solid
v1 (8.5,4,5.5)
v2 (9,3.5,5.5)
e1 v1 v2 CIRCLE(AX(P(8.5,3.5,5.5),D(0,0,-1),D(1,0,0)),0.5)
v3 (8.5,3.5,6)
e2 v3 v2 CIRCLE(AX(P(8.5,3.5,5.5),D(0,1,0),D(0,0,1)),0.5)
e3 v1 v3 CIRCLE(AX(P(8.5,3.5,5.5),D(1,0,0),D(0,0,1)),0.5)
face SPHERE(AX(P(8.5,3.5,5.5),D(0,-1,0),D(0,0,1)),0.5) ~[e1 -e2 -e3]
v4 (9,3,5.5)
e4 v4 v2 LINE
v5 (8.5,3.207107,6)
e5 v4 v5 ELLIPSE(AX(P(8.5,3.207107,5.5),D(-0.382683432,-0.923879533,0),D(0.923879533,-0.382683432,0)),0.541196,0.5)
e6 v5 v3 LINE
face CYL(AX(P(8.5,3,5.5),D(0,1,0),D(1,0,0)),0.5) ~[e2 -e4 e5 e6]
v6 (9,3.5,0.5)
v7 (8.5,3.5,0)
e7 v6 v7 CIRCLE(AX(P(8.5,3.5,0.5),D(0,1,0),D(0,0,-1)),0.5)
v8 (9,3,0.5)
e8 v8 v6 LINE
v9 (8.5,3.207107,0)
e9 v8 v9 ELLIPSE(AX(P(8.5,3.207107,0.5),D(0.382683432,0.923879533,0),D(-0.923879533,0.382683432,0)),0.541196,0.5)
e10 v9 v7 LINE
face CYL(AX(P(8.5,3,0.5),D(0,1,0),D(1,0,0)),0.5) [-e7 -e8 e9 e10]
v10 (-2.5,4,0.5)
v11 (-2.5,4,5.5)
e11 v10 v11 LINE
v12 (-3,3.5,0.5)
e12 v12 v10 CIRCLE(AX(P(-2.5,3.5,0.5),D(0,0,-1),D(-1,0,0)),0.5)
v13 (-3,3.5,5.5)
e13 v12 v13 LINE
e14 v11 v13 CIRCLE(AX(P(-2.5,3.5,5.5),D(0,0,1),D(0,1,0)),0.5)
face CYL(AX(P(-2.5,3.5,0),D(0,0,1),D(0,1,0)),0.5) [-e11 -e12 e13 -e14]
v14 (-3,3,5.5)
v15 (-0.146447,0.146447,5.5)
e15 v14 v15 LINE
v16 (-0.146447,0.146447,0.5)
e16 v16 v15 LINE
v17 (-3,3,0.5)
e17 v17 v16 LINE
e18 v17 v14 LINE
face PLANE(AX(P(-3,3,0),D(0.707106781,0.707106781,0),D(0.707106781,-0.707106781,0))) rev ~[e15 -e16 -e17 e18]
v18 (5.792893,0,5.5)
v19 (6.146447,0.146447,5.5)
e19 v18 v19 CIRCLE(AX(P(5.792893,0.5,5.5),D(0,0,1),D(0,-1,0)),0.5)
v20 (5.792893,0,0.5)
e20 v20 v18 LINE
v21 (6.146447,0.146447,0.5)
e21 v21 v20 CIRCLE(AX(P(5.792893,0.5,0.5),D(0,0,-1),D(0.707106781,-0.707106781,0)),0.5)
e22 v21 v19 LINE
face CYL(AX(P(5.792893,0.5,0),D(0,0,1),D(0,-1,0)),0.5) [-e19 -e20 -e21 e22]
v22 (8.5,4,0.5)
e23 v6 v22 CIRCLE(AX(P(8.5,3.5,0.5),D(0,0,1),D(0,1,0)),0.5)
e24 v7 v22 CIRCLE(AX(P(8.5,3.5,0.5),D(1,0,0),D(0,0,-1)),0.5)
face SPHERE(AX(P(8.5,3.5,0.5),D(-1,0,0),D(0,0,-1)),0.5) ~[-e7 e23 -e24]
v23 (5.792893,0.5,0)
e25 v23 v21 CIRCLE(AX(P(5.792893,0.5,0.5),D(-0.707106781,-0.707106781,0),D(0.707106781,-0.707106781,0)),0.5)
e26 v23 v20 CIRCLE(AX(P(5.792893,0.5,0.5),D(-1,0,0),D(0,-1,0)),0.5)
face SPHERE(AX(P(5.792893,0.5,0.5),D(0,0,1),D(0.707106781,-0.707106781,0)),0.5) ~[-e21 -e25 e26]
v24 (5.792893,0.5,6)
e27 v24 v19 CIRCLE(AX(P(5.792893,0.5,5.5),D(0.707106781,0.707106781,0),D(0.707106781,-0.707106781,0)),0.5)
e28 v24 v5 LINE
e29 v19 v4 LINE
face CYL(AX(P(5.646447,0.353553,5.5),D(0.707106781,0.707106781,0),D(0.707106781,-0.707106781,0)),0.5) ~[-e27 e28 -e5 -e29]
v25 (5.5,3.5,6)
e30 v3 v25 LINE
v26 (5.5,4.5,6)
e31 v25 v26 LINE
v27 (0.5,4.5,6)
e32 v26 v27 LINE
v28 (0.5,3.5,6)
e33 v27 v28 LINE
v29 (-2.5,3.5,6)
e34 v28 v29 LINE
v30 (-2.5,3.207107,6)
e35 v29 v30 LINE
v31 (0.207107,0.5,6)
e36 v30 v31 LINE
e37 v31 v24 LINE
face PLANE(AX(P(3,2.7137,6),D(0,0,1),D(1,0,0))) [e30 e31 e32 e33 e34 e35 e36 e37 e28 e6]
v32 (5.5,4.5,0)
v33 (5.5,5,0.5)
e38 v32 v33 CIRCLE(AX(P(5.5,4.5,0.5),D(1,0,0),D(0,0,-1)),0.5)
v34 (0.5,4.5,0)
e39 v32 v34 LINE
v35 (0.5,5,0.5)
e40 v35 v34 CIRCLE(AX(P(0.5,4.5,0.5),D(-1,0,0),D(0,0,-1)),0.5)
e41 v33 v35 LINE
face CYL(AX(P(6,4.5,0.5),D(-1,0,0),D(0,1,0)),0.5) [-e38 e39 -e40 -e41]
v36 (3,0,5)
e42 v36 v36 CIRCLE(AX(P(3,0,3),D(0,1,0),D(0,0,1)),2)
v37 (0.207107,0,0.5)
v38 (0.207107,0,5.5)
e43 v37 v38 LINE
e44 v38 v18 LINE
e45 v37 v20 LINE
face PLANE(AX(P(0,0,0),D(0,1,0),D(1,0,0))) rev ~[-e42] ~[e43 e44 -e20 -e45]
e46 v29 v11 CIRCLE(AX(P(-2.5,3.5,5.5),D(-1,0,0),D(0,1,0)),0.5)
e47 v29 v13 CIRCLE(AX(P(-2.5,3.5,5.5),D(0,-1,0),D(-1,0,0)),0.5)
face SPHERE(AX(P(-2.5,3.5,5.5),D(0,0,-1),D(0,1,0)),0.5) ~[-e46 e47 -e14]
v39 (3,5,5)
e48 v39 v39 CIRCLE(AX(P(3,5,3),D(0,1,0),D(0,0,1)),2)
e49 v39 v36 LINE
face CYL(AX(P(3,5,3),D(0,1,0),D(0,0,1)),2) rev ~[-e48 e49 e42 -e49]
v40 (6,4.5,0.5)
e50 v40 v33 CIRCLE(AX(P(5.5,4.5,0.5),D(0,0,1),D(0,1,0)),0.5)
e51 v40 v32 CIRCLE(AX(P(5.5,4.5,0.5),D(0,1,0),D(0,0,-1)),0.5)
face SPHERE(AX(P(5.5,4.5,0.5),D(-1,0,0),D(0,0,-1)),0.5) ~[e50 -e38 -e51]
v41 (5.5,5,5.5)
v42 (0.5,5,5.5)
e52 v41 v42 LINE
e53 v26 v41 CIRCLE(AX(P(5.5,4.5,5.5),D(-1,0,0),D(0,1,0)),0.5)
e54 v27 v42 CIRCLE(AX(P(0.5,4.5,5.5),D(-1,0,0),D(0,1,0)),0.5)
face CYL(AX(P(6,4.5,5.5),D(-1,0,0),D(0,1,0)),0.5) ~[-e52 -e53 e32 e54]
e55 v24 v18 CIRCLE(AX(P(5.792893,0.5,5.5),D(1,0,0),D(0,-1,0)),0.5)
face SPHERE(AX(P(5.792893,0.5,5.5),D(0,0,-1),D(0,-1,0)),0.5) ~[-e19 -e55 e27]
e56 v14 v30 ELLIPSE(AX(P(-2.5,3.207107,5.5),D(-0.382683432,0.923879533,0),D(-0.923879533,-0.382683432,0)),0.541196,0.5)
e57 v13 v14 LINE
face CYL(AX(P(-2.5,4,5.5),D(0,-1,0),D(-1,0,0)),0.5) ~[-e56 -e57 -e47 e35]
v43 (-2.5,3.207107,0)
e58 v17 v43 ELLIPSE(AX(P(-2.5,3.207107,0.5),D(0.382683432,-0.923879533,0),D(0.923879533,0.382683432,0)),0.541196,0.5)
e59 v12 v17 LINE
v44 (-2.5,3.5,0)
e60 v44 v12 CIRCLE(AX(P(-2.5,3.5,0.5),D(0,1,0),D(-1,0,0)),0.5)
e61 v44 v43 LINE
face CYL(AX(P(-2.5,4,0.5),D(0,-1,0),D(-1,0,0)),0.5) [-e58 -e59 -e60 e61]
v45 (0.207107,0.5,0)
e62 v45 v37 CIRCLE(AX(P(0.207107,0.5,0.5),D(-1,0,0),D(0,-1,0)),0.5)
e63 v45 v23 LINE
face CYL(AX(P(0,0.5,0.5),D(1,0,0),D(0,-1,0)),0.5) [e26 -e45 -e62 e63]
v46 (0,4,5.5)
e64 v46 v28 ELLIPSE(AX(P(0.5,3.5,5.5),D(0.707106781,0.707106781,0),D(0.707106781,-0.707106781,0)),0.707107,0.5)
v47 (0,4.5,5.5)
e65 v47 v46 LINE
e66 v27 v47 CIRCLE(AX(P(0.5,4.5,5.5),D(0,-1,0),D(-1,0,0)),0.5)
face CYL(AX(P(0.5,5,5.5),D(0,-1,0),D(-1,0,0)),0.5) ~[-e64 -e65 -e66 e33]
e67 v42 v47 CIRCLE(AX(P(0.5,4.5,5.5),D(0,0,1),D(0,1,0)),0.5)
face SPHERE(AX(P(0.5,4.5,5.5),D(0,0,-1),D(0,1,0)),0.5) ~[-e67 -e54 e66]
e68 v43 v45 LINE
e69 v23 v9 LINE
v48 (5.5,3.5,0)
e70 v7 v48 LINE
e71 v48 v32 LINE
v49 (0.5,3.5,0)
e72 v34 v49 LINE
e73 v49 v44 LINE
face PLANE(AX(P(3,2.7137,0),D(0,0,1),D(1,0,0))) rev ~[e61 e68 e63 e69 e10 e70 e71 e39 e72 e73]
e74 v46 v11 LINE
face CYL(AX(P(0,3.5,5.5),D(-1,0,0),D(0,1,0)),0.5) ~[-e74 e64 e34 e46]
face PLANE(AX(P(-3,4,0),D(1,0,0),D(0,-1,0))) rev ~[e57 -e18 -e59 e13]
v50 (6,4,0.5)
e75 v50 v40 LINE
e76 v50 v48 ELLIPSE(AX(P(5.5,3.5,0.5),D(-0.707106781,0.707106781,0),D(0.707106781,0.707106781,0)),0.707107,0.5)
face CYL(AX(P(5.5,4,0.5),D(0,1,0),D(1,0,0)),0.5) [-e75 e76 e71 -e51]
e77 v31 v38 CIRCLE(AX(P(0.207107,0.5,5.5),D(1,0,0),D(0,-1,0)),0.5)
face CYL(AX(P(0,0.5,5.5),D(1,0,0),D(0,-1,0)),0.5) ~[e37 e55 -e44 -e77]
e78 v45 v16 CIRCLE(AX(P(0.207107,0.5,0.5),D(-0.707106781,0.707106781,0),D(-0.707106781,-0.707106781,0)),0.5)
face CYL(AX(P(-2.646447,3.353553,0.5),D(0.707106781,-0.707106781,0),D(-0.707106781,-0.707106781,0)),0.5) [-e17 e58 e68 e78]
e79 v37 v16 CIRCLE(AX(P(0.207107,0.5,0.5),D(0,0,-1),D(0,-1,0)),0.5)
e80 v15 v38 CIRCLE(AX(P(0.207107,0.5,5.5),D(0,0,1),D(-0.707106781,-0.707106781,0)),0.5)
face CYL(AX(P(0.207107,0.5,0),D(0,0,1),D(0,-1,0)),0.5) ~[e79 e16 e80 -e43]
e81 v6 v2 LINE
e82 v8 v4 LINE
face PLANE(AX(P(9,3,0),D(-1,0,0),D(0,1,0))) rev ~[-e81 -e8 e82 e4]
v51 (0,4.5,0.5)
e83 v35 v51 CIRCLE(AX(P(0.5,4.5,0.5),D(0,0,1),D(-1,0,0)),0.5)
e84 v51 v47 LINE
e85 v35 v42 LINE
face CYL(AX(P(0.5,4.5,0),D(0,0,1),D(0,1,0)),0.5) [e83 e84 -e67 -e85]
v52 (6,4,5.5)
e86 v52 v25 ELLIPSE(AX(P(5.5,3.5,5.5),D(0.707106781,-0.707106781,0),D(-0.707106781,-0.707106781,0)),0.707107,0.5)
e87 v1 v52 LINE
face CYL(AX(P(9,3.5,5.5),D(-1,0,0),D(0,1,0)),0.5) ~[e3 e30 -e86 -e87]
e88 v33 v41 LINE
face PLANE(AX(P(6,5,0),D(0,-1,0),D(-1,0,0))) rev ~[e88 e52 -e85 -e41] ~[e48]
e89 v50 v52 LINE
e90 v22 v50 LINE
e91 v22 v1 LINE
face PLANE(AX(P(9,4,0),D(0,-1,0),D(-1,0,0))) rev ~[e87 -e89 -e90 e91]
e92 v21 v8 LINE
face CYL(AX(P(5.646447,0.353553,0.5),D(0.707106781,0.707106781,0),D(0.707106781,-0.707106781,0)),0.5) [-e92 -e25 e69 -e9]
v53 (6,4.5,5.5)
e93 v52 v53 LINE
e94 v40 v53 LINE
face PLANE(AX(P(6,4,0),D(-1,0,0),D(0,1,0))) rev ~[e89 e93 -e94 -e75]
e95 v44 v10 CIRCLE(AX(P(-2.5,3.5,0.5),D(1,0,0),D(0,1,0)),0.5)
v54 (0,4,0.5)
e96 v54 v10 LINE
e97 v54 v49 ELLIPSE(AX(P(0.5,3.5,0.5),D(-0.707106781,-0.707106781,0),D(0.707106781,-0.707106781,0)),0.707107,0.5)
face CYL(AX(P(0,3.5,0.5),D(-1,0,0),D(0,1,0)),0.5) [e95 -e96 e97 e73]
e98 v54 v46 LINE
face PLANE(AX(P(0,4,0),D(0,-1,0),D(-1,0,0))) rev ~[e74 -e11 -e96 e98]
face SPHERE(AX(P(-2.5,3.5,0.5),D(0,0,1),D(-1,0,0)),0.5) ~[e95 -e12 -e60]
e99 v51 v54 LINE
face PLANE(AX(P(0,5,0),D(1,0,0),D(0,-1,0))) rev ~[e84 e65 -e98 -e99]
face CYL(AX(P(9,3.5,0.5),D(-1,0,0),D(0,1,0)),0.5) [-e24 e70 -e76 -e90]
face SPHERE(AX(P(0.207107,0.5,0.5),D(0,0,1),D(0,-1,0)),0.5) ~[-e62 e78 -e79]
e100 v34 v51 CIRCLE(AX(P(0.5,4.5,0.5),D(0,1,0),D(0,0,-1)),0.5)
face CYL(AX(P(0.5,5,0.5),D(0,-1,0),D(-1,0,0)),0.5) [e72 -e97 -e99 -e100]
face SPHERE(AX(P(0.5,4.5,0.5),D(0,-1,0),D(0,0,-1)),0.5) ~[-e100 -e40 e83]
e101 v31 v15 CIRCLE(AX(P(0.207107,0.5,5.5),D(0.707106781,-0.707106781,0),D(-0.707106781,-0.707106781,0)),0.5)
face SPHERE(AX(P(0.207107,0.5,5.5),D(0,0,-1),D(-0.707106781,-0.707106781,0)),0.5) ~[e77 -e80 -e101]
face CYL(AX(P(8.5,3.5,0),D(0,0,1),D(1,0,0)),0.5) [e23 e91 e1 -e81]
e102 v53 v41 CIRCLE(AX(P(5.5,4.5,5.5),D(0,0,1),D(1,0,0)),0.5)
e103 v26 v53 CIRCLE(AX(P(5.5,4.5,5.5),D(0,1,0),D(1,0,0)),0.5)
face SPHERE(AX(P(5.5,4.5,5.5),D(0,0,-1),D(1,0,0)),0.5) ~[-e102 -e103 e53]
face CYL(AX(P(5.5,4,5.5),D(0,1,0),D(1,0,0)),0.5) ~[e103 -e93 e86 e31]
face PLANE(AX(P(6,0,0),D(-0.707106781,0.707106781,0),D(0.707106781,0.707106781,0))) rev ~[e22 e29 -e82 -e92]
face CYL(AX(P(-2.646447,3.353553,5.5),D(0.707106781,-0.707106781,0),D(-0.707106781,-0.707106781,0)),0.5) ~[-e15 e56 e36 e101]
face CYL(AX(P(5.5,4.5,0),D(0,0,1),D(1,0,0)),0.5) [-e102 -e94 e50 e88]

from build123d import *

# Parameters (mm, degrees)
BOSS_EXTRUDE1_DEPTH = 6
FILLET1_R           = 0.5
SKETCH2_R           = 2
CUT_EXTRUDE1_DEPTH  = 12.916375288


with BuildPart() as part:
    # Sketch1 → Boss-Extrude1 (new body)
    with BuildSketch(Plane.XY):
        Polygon((0, 0), (6, 0), (9, 3), (9, 4), (6, 4), (6, 5), (0, 5), (0, 4), (-3, 4), (-3, 3), align=None)
    extrude(amount=BOSS_EXTRUDE1_DEPTH)

    # Fillet1
    fillet1_edges = [part.edges().sort_by_distance(p)[0] for p in [
        (7.5, 1.5, 6),
        (0, 4.5, 0),
        (3, 5, 0),
        (6, 4.5, 0),
        (7.5, 4, 0),
        (9, 3.5, 0),
        (7.5, 1.5, 0),
        (3, 0, 0),
        (-1.5, 1.5, 0),
        (9, 3.5, 6),
        (7.5, 4, 6),
        (-3, 4, 3),
        (0, 5, 3),
        (6, 5, 3),
        (9, 4, 3),
        (6, 0, 3),
        (0, 0, 3),
        (6, 4.5, 6),
        (3, 5, 6),
        (0, 4.5, 6),
        (-1.5, 4, 6),
        (-3, 3.5, 6),
        (-1.5, 1.5, 6),
        (3, 0, 6),
        (-3, 3.5, 0),
        (-1.5, 4, 0),
    ]]
    fillet(fillet1_edges, radius=FILLET1_R)

    # Sketch2 → Cut-Extrude1 (cut, through all)
    with BuildSketch(Plane(origin=(0, 5, 0), x_dir=(1, 0, 0), z_dir=(0, 1, 0))):
        with Locations(Location((3, -3, 0), (0, 0, 270))):
            Circle(SKETCH2_R)
    extrude(amount=-CUT_EXTRUDE1_DEPTH, mode=Mode.SUBTRACT)


solid = part.part
